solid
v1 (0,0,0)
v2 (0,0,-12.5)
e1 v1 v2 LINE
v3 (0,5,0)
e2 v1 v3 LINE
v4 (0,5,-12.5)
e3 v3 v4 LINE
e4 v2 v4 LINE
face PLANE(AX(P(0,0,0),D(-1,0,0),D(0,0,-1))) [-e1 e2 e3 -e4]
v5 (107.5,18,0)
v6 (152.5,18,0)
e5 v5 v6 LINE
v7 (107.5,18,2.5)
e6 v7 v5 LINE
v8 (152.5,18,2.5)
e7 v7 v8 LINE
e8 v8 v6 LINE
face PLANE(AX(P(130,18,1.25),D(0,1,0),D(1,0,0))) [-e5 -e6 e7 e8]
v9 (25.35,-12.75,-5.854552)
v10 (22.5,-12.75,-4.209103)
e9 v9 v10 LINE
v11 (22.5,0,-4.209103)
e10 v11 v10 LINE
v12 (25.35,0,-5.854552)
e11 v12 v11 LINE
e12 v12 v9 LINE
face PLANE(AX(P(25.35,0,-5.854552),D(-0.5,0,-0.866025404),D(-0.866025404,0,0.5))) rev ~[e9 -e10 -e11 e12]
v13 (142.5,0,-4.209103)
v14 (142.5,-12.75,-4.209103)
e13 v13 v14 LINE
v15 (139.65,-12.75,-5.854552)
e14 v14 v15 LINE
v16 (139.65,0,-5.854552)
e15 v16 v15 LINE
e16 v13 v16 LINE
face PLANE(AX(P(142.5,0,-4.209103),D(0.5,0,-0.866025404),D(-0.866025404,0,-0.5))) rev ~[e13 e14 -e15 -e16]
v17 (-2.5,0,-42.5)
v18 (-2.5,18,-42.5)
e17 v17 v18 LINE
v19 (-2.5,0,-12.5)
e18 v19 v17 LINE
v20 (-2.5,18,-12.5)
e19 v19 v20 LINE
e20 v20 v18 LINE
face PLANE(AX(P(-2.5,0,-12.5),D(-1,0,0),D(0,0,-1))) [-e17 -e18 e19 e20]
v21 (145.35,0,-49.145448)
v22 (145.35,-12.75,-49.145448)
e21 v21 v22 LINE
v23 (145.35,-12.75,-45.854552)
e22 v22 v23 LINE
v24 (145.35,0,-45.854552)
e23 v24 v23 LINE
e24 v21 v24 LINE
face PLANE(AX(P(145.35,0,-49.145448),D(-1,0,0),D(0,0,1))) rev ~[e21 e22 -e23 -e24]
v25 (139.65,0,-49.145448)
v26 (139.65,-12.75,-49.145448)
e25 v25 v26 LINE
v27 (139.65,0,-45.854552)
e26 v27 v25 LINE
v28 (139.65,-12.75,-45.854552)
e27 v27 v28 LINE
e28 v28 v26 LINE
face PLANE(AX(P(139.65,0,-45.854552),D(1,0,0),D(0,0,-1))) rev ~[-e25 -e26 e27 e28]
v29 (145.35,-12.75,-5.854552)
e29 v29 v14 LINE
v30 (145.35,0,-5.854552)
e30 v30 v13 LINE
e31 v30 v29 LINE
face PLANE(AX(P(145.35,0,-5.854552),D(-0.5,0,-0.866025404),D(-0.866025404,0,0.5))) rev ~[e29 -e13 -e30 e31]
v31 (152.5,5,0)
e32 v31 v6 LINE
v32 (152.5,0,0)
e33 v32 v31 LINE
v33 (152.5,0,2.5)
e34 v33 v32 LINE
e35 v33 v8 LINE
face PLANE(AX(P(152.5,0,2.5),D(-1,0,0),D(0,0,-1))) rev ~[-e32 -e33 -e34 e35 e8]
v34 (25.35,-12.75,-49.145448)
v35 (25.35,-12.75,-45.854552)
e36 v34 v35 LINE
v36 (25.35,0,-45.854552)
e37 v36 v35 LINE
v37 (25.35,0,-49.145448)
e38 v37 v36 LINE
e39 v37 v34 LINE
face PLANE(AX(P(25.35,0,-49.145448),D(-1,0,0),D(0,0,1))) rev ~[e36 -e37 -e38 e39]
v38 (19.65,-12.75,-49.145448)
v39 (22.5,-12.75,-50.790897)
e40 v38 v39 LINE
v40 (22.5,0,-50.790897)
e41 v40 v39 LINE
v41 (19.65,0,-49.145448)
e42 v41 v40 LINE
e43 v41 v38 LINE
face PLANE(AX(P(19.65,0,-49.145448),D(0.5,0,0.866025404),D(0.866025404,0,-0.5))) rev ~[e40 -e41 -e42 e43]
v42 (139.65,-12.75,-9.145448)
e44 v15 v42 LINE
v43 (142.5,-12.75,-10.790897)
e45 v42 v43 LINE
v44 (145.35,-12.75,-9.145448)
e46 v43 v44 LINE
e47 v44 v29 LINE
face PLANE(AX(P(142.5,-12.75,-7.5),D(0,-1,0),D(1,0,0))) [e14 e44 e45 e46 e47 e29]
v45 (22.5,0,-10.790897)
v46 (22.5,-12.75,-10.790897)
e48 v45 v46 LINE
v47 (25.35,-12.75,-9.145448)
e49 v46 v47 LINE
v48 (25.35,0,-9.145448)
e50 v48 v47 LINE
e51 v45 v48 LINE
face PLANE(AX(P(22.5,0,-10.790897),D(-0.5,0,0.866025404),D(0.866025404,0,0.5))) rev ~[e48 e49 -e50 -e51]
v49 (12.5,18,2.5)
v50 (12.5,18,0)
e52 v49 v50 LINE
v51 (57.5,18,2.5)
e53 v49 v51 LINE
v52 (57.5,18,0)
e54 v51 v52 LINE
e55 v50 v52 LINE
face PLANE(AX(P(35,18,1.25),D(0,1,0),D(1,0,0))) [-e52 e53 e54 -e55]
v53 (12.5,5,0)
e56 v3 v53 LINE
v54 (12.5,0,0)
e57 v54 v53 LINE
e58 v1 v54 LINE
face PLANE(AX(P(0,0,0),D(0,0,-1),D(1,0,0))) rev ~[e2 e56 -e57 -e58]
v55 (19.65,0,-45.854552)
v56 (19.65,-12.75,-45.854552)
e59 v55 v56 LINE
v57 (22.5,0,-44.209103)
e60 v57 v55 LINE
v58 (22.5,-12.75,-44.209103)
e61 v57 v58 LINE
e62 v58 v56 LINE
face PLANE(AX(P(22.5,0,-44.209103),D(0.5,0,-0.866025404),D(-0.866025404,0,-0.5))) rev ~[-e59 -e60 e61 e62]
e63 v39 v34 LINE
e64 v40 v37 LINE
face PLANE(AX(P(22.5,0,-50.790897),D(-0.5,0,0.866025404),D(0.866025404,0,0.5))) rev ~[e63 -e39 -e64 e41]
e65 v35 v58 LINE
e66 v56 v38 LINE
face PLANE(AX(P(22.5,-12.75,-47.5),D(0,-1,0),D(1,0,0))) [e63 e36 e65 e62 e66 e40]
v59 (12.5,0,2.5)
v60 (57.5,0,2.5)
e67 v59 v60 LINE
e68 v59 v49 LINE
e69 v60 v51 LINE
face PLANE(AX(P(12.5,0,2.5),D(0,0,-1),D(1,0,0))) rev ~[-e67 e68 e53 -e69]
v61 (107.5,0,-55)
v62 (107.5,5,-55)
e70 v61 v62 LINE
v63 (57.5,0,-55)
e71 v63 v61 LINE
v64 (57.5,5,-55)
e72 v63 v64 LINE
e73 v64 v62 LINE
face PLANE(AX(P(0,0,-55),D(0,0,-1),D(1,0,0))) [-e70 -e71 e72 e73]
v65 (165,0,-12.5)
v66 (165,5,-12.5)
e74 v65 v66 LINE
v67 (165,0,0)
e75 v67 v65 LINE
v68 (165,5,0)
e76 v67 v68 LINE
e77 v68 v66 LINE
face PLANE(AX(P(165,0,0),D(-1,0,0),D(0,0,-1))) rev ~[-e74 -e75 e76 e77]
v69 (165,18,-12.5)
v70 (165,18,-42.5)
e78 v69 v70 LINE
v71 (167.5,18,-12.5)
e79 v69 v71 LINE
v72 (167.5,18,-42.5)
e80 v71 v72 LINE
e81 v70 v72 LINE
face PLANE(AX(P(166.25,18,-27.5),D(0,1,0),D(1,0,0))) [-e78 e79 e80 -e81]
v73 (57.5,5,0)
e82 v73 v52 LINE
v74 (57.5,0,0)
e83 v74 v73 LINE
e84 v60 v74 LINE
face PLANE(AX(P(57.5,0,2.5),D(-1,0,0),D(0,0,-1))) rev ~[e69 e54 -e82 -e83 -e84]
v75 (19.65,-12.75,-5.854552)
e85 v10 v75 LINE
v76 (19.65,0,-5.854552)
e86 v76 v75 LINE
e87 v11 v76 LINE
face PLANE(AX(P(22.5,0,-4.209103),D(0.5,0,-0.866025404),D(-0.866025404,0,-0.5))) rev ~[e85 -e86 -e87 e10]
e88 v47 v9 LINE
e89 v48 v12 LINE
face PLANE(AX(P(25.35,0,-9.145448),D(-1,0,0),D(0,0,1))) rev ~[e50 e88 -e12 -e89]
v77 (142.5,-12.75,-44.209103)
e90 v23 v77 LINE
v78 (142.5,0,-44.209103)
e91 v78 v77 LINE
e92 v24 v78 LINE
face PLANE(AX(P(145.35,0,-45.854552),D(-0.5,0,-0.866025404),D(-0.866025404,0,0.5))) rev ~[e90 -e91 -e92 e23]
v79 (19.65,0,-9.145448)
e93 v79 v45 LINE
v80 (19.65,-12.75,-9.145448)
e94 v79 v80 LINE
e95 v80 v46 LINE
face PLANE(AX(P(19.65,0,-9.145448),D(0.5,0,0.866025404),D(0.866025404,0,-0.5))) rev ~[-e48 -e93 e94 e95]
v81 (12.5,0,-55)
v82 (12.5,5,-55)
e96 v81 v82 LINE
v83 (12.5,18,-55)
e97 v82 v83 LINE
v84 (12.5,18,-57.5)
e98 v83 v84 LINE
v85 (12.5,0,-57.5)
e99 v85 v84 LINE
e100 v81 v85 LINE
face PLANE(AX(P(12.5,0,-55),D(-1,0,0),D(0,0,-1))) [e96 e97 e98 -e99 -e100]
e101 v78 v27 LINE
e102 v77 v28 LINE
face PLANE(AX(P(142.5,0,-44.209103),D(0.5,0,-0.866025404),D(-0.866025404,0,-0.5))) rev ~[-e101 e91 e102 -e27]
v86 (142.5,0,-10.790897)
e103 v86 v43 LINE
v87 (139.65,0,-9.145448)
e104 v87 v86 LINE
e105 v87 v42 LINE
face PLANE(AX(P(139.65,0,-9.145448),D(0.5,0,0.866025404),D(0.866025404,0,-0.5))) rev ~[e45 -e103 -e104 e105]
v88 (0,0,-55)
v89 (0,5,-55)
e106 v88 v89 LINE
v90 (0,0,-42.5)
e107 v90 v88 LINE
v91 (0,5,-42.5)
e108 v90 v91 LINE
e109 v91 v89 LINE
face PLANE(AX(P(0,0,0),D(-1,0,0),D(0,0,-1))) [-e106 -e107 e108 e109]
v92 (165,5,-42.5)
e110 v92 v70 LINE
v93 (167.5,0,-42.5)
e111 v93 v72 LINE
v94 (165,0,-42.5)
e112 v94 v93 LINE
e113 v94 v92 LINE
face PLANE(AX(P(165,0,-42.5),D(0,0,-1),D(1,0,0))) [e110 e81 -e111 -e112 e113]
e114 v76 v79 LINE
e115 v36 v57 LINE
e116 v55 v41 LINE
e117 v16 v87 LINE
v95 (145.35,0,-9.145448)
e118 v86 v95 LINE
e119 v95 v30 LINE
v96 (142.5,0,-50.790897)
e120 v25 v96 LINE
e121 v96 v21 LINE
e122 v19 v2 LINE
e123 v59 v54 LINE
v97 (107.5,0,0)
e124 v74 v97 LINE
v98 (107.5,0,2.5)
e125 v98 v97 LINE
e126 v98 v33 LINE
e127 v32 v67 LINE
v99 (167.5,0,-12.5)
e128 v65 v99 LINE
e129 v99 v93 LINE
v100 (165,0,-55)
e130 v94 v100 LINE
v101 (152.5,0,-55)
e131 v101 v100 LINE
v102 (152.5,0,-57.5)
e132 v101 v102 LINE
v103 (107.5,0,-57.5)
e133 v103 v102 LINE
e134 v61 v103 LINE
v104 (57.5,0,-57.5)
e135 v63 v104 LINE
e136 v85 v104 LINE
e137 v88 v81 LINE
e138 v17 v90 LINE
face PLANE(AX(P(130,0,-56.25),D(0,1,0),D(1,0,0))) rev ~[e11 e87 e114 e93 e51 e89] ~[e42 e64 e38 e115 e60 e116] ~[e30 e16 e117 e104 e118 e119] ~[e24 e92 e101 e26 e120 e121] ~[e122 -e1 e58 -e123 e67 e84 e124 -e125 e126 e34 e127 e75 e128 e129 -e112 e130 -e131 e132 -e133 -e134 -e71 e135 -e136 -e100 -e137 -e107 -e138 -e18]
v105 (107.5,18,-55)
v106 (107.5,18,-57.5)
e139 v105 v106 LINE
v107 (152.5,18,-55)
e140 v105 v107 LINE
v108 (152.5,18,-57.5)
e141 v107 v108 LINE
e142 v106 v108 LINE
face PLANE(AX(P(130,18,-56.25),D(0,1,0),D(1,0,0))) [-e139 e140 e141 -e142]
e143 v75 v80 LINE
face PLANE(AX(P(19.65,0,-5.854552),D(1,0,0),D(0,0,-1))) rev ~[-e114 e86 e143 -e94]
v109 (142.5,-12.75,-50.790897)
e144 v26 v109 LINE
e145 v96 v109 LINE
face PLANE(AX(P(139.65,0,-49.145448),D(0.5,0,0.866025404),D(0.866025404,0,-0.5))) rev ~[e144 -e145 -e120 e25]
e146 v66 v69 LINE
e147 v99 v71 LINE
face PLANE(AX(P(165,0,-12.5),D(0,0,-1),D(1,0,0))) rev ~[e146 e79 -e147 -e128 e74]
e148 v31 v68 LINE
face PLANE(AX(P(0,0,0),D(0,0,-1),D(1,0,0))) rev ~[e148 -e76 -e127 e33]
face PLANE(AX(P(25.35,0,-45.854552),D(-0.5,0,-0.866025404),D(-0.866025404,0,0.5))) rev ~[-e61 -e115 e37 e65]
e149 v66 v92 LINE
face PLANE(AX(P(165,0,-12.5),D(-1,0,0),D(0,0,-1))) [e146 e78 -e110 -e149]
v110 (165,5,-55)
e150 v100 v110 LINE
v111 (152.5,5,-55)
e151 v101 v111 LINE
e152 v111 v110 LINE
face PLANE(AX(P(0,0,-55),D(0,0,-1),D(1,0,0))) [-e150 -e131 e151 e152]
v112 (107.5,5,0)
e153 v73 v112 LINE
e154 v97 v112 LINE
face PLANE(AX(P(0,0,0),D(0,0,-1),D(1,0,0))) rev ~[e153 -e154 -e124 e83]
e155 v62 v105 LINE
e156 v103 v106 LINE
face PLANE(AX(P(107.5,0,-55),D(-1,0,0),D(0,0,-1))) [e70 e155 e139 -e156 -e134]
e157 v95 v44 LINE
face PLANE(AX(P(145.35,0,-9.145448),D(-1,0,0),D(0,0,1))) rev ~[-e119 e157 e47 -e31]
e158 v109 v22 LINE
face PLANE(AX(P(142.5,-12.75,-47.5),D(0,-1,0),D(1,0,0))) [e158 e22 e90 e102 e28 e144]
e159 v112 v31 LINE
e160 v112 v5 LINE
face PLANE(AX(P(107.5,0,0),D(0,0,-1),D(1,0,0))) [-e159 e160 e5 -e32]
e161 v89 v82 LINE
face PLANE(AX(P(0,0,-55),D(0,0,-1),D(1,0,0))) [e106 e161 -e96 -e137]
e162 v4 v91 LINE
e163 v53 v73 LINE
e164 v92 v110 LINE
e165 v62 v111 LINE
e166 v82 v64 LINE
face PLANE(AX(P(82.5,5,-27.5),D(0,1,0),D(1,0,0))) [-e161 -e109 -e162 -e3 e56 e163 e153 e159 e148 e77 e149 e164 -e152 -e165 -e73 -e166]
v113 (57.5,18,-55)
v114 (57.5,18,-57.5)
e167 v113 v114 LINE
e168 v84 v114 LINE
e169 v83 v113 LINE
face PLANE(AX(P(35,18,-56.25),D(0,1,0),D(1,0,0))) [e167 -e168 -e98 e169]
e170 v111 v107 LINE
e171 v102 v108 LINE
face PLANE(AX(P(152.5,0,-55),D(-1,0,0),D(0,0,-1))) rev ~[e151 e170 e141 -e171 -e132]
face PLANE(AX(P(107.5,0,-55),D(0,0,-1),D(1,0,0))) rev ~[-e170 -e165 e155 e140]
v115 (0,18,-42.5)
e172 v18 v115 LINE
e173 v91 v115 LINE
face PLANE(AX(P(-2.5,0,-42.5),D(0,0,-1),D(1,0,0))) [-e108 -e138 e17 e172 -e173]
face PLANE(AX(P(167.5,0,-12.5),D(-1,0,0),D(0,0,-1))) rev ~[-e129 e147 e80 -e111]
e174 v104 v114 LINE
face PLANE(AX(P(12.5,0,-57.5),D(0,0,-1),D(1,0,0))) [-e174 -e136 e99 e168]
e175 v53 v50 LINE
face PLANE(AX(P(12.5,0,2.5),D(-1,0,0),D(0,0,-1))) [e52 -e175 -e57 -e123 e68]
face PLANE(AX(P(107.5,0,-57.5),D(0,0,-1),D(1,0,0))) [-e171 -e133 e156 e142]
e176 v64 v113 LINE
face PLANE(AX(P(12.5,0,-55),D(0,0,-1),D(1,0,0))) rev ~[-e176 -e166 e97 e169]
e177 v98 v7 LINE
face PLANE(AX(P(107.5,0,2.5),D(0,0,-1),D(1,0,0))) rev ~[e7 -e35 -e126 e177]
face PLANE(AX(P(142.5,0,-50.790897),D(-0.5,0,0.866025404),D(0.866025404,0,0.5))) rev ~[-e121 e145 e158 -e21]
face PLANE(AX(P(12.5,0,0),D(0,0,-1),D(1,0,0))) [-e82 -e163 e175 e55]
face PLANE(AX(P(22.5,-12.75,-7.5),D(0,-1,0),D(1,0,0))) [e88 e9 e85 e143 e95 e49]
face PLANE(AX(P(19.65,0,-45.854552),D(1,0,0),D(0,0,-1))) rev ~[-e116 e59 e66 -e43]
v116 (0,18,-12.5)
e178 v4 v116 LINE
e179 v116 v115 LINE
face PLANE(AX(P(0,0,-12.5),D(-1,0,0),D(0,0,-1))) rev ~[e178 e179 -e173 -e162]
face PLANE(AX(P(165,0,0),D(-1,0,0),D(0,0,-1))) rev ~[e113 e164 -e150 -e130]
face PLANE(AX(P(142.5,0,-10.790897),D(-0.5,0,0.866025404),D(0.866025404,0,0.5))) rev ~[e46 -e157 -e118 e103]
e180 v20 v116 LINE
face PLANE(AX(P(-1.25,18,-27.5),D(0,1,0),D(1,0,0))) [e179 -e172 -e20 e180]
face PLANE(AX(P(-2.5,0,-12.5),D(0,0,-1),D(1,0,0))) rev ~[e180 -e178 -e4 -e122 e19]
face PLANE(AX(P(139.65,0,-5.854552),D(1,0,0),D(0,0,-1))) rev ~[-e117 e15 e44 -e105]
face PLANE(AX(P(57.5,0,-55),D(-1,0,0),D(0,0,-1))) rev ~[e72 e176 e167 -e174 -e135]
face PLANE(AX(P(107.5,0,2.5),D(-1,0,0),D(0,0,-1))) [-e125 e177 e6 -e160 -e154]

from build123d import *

# Parameters (mm, degrees)
SKETCH1_W           = 165
SKETCH1_H           = 55
BOSS_EXTRUDE1_DEPTH = 5
SKETCH2_W           = 2.5
SKETCH2_H           = 30
BOSS_EXTRUDE2_DEPTH = 18
SKETCH3_W           = 45
SKETCH3_H           = 2.5
BOSS_EXTRUDE3_DEPTH = 18
BOSS_EXTRUDE4_DEPTH = 12.75


with BuildPart() as part:
    # Sketch1 → Boss-Extrude1 (new body)
    with BuildSketch(Plane(origin=(0, 0, 0), x_dir=(1, 0, 0), z_dir=(0, 1, 0))):
        with Locations((82.5, 27.5)):
            Rectangle(SKETCH1_W, SKETCH1_H)
    extrude(amount=BOSS_EXTRUDE1_DEPTH)

    # Sketch2 → Boss-Extrude2 (add)
    with BuildSketch(Plane(origin=(0, 0, 0), x_dir=(1, 0, 0), z_dir=(0, 1, 0))):
        with Locations((166.25, 27.5)):
            Rectangle(SKETCH2_W, SKETCH2_H)
        with Locations((-1.25, 27.5)):
            Rectangle(SKETCH2_W, SKETCH2_H)
    extrude(amount=BOSS_EXTRUDE2_DEPTH)

    # Sketch3 → Boss-Extrude3 (add)
    with BuildSketch(Plane(origin=(0, 0, 0), x_dir=(1, 0, 0), z_dir=(0, 1, 0))):
        with Locations((130, 56.25)):
            Rectangle(SKETCH3_W, SKETCH3_H)
        with Locations((35, 56.25)):
            Rectangle(SKETCH3_W, SKETCH3_H)
        with Locations((130, -1.25)):
            Rectangle(SKETCH3_W, SKETCH3_H)
        with Locations((35, -1.25)):
            Rectangle(SKETCH3_W, SKETCH3_H)
    extrude(amount=BOSS_EXTRUDE3_DEPTH)

    # Sketch4 → Boss-Extrude4 (add)
    with BuildSketch(Plane.XZ):
        Polygon((139.65, -5.854551733), (139.65, -9.145448267), (142.5, -10.790896534), (145.35, -9.145448267), (145.35, -5.854551733), (142.5, -4.209103466), align=None)
        Polygon((22.5, -10.790896534), (25.35, -9.145448267), (25.35, -5.854551733), (22.5, -4.209103466), (19.65, -5.854551733), (19.65, -9.145448267), align=None)
        Polygon((22.5, -50.790896534), (25.35, -49.145448267), (25.35, -45.854551733), (22.5, -44.209103466), (19.65, -45.854551733), (19.65, -49.145448267), align=None)
        Polygon((145.35, -49.145448267), (145.35, -45.854551733), (142.5, -44.209103466), (139.65, -45.854551733), (139.65, -49.145448267), (142.5, -50.790896534), align=None)
    extrude(amount=BOSS_EXTRUDE4_DEPTH)


solid = part.part
